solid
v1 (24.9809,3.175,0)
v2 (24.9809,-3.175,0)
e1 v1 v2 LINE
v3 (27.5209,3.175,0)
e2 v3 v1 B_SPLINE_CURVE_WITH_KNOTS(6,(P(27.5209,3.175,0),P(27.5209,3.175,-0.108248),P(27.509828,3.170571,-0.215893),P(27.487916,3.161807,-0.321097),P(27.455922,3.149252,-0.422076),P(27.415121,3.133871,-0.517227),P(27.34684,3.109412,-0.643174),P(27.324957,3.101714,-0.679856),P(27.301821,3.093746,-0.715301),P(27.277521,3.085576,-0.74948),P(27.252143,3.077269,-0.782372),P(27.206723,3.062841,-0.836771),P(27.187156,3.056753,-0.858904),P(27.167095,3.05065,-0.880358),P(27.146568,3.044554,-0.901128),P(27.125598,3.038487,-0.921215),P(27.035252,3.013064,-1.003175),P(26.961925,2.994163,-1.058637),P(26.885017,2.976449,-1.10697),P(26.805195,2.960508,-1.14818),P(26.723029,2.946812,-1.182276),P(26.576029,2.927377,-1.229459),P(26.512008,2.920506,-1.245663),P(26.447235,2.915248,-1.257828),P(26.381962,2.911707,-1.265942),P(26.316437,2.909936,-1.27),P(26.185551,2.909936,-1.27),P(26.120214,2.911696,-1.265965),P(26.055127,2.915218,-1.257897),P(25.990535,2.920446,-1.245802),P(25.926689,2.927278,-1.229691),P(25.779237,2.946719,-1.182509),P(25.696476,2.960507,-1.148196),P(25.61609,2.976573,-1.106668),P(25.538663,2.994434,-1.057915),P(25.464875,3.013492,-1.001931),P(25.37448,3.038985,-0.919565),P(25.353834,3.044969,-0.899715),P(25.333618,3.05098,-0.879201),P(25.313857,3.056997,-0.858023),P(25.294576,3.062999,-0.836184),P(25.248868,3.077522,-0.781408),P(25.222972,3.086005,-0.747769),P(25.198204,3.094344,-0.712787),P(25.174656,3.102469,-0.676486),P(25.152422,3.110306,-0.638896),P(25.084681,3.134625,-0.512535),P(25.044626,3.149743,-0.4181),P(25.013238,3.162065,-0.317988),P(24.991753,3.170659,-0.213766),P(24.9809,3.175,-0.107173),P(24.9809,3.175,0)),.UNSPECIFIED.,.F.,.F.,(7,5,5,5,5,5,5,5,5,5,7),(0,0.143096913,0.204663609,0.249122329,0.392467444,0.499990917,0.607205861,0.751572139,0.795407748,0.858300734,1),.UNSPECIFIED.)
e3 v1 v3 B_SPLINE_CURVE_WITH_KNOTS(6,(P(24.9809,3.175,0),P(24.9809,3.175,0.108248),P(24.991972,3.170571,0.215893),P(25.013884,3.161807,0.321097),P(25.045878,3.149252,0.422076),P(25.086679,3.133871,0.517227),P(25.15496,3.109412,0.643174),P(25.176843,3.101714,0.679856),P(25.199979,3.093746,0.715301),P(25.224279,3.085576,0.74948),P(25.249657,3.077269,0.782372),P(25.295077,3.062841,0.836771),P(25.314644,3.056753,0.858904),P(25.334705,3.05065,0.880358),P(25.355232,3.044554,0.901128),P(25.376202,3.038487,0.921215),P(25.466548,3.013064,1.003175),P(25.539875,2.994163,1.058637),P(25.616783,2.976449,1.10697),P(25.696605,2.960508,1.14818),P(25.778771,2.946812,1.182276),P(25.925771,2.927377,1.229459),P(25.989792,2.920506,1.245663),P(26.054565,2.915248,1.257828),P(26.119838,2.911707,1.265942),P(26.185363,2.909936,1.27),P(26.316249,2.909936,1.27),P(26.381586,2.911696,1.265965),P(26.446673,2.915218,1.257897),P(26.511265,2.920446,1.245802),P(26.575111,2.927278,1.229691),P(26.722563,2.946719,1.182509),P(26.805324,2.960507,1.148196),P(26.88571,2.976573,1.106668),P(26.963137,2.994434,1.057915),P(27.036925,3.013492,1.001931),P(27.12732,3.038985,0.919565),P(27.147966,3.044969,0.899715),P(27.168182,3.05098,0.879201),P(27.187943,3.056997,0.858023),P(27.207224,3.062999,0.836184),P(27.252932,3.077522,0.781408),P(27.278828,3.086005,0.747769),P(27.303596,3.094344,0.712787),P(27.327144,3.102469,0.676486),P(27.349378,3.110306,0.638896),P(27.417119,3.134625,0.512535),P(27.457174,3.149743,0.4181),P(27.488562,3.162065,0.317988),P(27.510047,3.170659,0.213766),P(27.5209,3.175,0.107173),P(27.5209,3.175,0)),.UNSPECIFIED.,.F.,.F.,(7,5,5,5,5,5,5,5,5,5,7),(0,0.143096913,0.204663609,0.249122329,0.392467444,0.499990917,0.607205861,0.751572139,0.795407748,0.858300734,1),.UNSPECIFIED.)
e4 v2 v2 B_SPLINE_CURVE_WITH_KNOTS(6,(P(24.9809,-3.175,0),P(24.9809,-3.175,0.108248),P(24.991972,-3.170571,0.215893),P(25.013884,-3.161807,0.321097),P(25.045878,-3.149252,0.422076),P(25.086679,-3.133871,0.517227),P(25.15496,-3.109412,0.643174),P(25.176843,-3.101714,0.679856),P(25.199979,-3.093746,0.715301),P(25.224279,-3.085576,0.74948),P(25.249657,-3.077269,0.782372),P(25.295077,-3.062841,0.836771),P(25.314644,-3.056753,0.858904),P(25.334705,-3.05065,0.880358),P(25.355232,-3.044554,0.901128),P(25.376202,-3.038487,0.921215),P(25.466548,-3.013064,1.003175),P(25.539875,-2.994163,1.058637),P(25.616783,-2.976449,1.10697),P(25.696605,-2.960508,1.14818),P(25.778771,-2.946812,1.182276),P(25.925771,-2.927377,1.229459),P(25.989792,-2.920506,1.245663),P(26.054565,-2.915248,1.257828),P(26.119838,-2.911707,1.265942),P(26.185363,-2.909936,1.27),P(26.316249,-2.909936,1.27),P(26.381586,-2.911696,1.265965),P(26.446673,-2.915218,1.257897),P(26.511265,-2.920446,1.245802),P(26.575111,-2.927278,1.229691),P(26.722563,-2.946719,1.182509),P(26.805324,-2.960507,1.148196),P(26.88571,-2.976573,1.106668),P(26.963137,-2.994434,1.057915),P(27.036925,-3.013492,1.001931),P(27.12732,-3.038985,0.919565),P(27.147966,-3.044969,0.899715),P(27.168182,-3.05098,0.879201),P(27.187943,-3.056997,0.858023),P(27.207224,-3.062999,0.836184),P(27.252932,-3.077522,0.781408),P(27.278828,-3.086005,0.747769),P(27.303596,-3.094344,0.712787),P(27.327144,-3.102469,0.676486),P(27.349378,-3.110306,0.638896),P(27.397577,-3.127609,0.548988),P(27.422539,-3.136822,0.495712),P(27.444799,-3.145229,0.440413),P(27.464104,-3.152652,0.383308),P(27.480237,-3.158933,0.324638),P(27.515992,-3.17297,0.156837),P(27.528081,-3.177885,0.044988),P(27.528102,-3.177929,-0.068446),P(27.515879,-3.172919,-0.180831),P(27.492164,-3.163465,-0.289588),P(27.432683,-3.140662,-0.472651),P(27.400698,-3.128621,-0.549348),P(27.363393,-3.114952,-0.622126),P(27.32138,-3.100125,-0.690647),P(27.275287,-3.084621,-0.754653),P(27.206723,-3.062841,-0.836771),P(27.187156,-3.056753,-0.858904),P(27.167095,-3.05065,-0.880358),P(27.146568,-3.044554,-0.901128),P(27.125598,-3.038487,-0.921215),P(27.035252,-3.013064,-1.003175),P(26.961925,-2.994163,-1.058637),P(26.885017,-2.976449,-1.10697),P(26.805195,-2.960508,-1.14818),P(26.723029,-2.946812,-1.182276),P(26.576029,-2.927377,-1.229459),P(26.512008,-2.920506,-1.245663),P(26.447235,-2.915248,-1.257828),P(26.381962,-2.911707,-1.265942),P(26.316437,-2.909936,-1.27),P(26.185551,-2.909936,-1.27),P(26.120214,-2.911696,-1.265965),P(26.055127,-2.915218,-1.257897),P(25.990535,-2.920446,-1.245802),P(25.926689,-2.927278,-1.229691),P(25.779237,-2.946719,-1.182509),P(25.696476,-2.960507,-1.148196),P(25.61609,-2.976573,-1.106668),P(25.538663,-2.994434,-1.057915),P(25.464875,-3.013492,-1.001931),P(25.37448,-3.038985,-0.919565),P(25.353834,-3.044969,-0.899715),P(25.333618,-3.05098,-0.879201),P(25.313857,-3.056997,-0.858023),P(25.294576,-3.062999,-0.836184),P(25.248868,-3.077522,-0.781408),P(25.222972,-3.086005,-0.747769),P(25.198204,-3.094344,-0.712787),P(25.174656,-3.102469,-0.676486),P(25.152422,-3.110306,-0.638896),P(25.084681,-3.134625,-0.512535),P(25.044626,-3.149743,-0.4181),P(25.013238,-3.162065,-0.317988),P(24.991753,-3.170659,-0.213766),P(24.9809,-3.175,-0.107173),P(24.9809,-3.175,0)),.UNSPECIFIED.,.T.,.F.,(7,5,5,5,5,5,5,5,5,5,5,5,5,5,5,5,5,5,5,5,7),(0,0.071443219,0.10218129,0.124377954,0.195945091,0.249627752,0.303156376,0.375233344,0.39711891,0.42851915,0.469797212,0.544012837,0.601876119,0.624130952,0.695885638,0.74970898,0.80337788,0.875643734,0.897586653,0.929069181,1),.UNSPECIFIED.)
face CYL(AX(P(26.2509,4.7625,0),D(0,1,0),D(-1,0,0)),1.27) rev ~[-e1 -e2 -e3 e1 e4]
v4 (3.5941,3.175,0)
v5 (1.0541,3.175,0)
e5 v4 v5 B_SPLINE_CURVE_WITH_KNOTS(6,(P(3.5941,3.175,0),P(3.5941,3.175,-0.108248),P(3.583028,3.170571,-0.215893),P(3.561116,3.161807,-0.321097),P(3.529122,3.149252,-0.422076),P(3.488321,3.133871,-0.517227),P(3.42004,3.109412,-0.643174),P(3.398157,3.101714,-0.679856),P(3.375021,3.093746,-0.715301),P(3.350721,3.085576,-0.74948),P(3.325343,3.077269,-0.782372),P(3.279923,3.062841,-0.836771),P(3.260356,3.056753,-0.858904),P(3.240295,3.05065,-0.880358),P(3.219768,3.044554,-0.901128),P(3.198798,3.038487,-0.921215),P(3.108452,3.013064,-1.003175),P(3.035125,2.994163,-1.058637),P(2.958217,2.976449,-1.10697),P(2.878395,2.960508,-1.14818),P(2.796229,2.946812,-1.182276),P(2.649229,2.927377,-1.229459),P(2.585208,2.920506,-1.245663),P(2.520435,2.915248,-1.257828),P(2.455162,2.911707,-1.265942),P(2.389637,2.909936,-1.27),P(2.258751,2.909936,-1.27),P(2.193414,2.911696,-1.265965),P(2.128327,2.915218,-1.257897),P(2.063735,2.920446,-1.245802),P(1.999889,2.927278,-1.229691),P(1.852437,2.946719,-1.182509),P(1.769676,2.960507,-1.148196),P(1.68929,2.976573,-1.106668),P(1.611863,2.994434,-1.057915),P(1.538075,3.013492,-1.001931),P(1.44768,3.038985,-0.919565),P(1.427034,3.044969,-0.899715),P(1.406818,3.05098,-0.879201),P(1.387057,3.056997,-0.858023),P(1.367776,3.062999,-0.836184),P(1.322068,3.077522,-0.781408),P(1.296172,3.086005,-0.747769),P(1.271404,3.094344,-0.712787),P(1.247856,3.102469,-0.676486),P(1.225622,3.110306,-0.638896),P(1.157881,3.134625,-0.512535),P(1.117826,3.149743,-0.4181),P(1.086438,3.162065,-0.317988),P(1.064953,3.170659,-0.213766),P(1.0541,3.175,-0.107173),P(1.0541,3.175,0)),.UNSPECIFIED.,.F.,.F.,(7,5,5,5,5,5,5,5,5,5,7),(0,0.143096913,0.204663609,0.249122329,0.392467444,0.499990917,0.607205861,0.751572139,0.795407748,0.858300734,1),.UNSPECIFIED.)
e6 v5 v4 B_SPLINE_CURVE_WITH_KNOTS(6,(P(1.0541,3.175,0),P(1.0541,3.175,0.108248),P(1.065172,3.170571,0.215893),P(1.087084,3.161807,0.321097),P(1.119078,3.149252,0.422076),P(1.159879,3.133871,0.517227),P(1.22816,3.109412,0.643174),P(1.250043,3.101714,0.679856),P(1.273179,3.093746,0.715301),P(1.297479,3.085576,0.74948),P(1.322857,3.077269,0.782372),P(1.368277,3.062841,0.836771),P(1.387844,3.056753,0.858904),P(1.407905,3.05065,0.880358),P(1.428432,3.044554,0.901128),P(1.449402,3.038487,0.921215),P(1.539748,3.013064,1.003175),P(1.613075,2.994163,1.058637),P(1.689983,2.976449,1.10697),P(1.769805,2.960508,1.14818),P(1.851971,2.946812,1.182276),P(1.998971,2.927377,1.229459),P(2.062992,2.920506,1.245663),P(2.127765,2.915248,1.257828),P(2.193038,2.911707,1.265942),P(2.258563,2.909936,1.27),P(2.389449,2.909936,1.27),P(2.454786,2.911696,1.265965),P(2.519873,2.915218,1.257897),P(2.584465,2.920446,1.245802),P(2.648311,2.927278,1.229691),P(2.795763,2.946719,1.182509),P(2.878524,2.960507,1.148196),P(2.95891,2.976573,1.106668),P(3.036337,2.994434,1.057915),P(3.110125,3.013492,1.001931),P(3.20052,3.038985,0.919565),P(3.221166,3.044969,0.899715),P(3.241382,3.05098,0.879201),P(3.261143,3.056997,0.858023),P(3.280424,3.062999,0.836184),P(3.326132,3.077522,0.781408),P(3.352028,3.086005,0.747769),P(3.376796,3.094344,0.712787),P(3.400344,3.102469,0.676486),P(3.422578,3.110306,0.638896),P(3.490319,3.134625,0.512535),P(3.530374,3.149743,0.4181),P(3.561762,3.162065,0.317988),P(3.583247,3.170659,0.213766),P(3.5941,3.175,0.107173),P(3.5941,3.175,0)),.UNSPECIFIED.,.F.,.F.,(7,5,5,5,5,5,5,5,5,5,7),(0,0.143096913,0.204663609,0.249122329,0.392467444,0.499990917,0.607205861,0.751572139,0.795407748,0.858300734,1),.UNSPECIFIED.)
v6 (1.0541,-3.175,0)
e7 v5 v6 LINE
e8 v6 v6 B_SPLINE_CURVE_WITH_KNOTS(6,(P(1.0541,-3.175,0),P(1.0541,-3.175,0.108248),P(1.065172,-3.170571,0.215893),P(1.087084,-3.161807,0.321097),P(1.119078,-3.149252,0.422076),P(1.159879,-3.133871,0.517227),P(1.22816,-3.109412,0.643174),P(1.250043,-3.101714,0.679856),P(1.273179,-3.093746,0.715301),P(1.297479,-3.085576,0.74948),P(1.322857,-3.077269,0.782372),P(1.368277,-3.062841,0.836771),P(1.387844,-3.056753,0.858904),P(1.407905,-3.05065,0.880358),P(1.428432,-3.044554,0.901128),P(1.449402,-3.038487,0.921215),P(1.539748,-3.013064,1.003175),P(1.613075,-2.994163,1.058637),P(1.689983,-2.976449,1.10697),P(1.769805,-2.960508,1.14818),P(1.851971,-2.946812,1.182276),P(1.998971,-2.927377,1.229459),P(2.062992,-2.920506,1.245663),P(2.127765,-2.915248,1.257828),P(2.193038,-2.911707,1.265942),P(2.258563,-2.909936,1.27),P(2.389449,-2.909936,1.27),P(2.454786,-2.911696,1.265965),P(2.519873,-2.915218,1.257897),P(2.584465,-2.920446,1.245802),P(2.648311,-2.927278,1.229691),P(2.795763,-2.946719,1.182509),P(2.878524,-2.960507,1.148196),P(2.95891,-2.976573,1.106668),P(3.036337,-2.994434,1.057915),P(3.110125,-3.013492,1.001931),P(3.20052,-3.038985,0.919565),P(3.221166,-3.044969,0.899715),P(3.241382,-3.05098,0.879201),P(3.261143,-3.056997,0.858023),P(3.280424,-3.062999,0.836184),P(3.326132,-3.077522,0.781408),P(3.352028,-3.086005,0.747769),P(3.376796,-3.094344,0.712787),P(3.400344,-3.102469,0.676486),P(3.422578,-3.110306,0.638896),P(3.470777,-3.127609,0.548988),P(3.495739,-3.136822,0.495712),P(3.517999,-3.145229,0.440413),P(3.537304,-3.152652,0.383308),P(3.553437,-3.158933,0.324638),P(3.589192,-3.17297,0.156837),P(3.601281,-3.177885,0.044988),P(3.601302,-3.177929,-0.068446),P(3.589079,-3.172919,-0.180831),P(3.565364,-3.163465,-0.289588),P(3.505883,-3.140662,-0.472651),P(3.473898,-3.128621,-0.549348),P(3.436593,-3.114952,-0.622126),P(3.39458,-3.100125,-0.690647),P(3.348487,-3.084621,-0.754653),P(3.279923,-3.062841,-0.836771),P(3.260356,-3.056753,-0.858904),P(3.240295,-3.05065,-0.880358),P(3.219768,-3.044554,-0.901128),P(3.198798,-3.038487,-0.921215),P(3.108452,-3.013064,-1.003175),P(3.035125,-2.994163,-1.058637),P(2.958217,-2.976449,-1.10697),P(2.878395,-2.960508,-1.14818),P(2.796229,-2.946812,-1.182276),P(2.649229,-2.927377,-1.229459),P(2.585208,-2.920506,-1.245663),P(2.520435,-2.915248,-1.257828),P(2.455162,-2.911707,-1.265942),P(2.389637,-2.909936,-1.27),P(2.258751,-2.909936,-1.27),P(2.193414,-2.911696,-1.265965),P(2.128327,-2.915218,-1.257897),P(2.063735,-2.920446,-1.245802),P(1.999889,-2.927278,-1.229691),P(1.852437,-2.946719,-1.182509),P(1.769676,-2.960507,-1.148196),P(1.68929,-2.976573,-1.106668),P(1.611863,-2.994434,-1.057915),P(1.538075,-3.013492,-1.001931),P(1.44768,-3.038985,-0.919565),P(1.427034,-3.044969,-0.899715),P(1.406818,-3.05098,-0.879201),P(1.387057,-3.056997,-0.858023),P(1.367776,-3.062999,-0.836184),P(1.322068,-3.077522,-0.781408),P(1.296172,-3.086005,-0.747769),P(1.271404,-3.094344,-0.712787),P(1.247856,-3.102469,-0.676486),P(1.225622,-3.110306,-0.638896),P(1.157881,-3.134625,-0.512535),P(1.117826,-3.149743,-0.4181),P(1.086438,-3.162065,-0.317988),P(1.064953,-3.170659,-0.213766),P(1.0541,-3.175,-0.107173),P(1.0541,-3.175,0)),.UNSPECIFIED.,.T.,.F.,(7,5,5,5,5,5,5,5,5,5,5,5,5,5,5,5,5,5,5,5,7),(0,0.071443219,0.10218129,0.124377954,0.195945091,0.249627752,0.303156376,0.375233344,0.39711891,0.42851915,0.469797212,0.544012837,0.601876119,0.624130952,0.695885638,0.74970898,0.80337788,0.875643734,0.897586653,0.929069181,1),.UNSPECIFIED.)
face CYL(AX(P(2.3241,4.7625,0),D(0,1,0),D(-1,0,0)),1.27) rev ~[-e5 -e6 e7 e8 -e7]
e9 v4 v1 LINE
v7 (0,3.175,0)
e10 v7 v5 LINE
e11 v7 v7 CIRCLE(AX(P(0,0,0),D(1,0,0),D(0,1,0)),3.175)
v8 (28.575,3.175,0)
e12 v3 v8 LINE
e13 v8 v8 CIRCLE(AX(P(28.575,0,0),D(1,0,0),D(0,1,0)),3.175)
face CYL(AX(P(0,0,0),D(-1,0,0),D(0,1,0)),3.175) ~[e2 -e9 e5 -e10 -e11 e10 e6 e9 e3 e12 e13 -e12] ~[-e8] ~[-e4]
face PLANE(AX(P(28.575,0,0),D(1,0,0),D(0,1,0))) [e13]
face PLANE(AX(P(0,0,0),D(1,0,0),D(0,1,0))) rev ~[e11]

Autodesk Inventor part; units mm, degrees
ref_plane "YZ Plane" through (0, 0, 0) normal (1, 0, 0) x (0, 1, 0)
ref_plane "XY Plane" through (0, 0, 0) normal (0, 0, 1) x (1, 0, 0)
sketch "Sketch1" plane through (0, 0, 0) normal (1, 0, 0) x (0, 1, 0)
  circle A0 centre (0, 0) radius 3.175
  dimension "d0" = 6.35
extrude "Extrusion1" add sketch "Sketch1" along normal blind 28.575
ref_plane "Work Plane1" through (0, 4.7625, 0) normal (0, 1, 0) x (-1, 0, 0)
sketch "Sketch2" plane through (0, 4.7625, 0) normal (0, 1, 0) x (-1, 0, 0)
  line L0 (0, 0) -> (-28.575, 0)
  line L1 (-28.575, 3.175) -> (-28.575, -3.175) projected
  line L2 (-14.2875, 0) -> (-26.2509, 0)
  line L3 (-26.2509, 0) -> (-24.7932, 0)
  line L4 (-14.2875, 0) -> (-2.3241, 0)
  circle A0 centre (-26.2509, 0) radius 1.27
  circle A1 centre (-2.3241, 0) radius 1.27
  dimension "d4" = 11.9634
  dimension "d5" = 11.9634
  dimension "d6" = 2.54
  dimension "d9" = 2.54
extrude "Extrusion2" cut sketch "Sketch2" against normal blind 25.4
properties part number "Wrist Pin"
